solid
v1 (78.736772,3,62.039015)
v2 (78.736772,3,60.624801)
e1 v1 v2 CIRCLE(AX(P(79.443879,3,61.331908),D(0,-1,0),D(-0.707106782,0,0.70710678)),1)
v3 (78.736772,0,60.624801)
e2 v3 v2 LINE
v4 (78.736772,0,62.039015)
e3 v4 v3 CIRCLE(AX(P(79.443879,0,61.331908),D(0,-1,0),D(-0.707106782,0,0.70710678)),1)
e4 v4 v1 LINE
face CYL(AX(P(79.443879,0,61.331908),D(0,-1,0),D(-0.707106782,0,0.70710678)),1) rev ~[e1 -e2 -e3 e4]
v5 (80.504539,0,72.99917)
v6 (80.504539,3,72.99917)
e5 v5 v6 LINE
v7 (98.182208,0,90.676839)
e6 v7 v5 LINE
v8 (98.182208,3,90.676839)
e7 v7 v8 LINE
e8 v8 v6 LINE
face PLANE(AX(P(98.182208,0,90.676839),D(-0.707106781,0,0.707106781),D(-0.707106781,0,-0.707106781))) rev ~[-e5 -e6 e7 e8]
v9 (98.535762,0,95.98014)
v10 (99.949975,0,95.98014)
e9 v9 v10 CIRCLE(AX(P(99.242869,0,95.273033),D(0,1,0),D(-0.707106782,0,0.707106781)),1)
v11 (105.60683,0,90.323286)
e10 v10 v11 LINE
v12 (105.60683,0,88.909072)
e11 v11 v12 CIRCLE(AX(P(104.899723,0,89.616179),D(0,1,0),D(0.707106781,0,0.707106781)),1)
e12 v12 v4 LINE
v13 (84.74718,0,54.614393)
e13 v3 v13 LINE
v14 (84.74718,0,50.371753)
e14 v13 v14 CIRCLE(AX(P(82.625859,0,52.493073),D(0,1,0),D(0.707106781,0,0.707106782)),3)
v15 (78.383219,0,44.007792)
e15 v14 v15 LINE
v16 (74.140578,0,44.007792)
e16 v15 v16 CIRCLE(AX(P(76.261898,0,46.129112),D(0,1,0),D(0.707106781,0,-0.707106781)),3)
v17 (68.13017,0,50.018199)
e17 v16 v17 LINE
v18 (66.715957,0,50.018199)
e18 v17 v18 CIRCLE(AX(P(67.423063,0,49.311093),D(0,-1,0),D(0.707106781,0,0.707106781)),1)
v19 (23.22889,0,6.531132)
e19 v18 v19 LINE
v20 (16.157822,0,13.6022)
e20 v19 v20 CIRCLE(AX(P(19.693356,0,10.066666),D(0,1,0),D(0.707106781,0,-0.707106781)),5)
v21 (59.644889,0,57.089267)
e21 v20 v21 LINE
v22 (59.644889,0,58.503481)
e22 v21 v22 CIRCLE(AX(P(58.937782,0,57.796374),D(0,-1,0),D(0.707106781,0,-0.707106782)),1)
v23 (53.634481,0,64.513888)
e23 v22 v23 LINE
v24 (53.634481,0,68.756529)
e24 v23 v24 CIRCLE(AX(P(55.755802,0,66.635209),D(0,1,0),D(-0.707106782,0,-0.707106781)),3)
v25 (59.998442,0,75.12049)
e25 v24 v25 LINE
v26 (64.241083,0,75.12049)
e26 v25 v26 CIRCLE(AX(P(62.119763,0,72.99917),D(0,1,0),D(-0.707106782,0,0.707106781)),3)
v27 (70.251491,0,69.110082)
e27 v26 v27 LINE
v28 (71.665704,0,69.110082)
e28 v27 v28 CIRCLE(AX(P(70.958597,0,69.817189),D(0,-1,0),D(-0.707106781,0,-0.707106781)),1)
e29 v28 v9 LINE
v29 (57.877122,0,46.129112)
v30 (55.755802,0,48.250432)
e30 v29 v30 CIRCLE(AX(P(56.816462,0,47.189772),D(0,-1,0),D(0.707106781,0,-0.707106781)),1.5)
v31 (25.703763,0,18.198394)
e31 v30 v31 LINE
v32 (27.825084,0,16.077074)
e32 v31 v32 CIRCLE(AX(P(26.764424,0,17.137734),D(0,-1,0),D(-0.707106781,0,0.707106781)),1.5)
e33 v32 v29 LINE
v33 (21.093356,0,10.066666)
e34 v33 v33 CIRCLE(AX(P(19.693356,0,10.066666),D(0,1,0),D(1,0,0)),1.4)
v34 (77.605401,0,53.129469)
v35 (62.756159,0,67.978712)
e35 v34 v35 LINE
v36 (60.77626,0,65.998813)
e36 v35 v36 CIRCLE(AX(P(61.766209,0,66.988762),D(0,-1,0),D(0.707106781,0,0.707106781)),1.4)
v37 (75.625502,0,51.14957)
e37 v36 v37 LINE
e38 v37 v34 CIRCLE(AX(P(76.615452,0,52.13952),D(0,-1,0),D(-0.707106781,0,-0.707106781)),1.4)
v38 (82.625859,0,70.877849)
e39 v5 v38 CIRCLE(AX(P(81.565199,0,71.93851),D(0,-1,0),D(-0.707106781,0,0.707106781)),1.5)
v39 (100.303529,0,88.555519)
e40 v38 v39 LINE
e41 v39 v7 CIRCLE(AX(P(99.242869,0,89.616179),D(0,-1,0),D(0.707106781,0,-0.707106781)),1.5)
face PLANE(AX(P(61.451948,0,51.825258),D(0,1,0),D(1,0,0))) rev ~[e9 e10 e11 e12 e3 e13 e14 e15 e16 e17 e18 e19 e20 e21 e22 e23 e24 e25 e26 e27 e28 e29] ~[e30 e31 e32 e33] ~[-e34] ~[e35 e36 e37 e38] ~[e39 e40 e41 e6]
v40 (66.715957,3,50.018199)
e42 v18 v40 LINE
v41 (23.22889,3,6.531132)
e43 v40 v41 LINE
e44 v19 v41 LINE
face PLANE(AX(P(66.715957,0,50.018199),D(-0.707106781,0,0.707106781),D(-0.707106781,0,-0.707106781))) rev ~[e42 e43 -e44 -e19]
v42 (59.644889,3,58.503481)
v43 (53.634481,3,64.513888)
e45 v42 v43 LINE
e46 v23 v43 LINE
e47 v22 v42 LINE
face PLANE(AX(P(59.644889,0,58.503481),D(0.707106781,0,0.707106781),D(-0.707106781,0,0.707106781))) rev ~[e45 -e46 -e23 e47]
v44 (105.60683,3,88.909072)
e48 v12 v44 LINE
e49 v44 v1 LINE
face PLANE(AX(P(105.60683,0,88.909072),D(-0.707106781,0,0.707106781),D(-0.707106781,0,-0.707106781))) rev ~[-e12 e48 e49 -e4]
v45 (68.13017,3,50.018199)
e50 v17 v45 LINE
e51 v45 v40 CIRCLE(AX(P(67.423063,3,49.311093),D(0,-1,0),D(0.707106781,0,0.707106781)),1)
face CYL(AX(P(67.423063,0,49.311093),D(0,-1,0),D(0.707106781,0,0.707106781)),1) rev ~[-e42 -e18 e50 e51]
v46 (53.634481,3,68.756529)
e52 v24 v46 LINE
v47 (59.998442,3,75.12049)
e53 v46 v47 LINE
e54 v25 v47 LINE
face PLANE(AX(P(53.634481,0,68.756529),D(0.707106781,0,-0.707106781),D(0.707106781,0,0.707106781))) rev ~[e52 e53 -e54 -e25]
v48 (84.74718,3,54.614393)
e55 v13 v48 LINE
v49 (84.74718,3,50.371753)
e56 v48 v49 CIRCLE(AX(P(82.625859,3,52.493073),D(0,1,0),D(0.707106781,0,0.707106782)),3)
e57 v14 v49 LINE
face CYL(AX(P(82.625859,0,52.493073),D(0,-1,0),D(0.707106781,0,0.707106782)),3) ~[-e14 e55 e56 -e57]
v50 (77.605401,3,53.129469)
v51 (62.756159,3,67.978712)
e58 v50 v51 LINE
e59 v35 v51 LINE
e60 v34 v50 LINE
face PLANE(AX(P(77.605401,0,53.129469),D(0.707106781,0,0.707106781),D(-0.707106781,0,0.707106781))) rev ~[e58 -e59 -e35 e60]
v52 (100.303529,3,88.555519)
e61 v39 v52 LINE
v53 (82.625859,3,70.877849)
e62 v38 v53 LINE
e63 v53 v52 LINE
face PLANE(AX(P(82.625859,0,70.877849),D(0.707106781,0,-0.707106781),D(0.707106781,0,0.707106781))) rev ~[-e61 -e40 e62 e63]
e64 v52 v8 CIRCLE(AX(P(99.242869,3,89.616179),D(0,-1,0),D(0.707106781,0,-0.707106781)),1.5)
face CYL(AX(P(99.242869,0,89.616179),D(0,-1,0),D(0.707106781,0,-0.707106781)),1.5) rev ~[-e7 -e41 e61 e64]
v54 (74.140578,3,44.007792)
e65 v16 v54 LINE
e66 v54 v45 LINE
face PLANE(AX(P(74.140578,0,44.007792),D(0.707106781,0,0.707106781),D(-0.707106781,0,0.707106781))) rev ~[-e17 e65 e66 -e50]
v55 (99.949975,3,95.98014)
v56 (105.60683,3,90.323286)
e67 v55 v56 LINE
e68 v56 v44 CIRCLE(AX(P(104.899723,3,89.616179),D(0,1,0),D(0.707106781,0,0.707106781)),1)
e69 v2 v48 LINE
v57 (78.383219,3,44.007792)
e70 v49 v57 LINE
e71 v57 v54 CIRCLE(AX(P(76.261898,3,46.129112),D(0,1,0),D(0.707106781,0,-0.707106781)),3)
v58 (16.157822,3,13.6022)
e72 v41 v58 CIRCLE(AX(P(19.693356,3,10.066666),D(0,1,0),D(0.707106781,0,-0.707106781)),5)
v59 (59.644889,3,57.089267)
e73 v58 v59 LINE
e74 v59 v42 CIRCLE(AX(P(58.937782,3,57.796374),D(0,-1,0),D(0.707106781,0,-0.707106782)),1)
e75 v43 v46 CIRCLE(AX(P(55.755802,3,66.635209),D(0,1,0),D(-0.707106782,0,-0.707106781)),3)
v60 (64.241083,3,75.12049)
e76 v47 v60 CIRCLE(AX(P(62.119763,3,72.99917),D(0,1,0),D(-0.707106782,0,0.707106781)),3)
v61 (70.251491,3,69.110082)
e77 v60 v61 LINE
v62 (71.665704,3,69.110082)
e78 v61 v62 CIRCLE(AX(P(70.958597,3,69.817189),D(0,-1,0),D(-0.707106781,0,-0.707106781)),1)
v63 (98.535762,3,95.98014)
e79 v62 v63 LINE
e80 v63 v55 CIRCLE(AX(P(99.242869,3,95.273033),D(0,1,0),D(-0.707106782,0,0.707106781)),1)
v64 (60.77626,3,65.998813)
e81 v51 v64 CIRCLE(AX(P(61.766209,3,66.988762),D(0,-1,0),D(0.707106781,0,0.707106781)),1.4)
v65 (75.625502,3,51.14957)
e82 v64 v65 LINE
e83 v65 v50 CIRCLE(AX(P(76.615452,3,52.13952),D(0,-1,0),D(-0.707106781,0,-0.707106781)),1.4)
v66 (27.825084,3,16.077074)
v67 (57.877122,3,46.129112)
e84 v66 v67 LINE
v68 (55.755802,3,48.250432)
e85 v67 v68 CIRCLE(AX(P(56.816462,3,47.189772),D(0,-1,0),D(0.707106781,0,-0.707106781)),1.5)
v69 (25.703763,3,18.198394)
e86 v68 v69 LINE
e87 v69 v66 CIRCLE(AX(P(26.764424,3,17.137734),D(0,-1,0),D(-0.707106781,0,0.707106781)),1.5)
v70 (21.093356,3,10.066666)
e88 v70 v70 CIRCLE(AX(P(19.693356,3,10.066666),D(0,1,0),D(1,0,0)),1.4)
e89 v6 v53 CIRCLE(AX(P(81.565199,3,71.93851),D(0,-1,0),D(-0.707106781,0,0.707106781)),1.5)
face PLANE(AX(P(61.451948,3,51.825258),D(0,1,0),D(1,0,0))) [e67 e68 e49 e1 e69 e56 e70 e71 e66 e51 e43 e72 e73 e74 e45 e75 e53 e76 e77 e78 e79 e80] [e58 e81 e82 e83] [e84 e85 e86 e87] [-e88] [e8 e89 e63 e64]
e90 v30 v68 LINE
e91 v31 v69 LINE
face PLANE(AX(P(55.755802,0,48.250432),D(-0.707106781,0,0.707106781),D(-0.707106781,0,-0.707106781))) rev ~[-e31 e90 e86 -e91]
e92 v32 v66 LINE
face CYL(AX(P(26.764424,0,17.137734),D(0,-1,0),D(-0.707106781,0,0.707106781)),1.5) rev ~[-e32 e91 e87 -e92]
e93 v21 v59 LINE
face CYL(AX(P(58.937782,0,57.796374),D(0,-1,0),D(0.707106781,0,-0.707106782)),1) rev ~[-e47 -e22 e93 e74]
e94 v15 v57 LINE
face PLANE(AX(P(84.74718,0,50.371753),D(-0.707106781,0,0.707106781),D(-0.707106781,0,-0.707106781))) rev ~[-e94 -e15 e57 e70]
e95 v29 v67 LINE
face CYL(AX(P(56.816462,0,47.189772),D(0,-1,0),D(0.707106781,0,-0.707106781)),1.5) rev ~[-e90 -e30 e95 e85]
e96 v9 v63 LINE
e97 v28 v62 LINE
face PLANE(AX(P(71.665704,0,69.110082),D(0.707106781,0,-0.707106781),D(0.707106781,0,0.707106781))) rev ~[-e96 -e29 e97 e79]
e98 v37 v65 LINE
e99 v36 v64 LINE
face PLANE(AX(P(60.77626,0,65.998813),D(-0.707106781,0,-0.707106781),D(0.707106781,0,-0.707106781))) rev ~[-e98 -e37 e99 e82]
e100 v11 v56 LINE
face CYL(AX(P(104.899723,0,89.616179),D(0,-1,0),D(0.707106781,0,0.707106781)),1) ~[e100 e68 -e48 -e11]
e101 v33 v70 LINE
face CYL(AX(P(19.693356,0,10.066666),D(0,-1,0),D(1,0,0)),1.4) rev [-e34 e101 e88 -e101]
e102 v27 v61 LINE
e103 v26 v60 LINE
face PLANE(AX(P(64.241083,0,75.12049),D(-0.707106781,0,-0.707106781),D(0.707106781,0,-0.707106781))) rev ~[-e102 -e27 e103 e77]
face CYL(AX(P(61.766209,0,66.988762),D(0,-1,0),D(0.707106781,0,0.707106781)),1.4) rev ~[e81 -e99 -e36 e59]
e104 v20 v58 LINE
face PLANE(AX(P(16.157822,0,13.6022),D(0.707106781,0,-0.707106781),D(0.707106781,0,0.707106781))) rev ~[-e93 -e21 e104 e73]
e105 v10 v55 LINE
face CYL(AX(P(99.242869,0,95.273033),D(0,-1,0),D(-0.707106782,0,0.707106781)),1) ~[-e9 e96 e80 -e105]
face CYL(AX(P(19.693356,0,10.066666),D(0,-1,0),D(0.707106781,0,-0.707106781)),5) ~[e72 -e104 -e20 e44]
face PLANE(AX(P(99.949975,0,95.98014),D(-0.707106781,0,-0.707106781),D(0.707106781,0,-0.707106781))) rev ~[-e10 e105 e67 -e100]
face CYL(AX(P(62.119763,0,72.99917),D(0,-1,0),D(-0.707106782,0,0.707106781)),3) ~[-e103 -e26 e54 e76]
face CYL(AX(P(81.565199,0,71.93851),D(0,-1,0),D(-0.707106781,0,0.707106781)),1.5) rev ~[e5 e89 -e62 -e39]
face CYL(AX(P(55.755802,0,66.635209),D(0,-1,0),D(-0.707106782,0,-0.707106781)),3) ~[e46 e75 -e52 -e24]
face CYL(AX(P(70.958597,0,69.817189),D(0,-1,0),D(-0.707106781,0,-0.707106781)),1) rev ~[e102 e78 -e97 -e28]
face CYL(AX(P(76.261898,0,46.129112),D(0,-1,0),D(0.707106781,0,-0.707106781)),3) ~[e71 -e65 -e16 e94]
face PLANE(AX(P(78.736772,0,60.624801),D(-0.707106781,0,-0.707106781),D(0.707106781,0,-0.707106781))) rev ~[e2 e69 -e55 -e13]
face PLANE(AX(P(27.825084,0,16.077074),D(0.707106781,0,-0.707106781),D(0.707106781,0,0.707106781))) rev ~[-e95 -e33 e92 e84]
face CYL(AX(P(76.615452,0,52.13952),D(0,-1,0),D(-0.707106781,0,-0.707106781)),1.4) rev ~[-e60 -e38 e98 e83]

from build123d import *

# Parameters (mm, degrees)
SKETCH1_R           = 1.4
BOSS_EXTRUDE1_DEPTH = 3


with BuildPart() as part:
    # Sketch1 → Boss-Extrude1 (new body)
    with BuildSketch(Plane(origin=(0, 0, 0), x_dir=(1, 0, 0), z_dir=(0, 1, 0))):
        with BuildLine():
            Line((66.715956662, -50.018199395), (23.228889619, -6.531132352))
            ThreePointArc((23.228889619, -6.531132352), (16.157821807, -6.531132352), (16.157821807, -13.602200164))
            Line((16.157821807, -13.602200164), (59.64488885, -57.089267207))
            ThreePointArc((59.64488885, -57.089267207), (59.937782069, -57.796373988), (59.64488885, -58.503480769))
            Line((59.64488885, -58.503480769), (53.63448121, -64.513888409))
            ThreePointArc((53.63448121, -64.513888409), (52.755801554, -66.635208753), (53.63448121, -68.756529097))
            Line((53.63448121, -68.756529097), (59.998442241, -75.120490127))
            ThreePointArc((59.998442241, -75.120490127), (62.119762584, -75.999169784), (64.241082928, -75.120490127))
            Line((64.241082928, -75.120490127), (70.251490568, -69.110082487))
            ThreePointArc((70.251490568, -69.110082487), (70.958597349, -68.817189268), (71.665704131, -69.110082487))
            Line((71.665704131, -69.110082487), (98.535761816, -95.980140172))
            ThreePointArc((98.535761816, -95.980140172), (99.242868597, -96.273033391), (99.949975378, -95.980140172))
            Line((99.949975378, -95.980140172), (105.606829627, -90.323285923))
            ThreePointArc((105.606829627, -90.323285923), (105.899722846, -89.616179142), (105.606829627, -88.90907236))
            Line((105.606829627, -88.90907236), (78.736771942, -62.039014675))
            ThreePointArc((78.736771942, -62.039014675), (78.443878724, -61.331907894), (78.736771942, -60.624801113))
            Line((78.736771942, -60.624801113), (84.747179582, -54.614393473))
            ThreePointArc((84.747179582, -54.614393473), (85.625859239, -52.493073129), (84.747179582, -50.371752786))
            Line((84.747179582, -50.371752786), (78.383218552, -44.007791755))
            ThreePointArc((78.383218552, -44.007791755), (76.261898208, -43.129112099), (74.140577865, -44.007791755))
            Line((74.140577865, -44.007791755), (68.130170225, -50.018199395))
            ThreePointArc((68.130170225, -50.018199395), (67.423063443, -50.311092614), (66.715956662, -50.018199395))
        make_face()
        with Locations((19.693355713, -10.066666258)):
            Circle(SKETCH1_R, mode=Mode.SUBTRACT)
        with BuildLine():
            Line((82.625859239, -70.87784944), (100.303528769, -88.55551897))
            ThreePointArc((100.303528769, -88.55551897), (100.303528769, -90.676839313), (98.182208425, -90.676839313))
            Line((98.182208425, -90.676839313), (80.504538895, -72.999169784))
            ThreePointArc((80.504538895, -72.999169784), (80.504538895, -70.87784944), (82.625859239, -70.87784944))
        make_face(mode=Mode.SUBTRACT)
        with BuildLine():
            Line((60.7762597, -65.99881265), (75.625502105, -51.149570245))
            ThreePointArc((75.625502105, -51.149570245), (77.605401092, -51.149570245), (77.605401092, -53.129469232))
            Line((77.605401092, -53.129469232), (62.756158688, -67.978711637))
            ThreePointArc((62.756158688, -67.978711637), (60.7762597, -67.978711637), (60.7762597, -65.99881265))
        make_face(mode=Mode.SUBTRACT)
        with BuildLine():
            Line((27.825083697, -16.077073898), (57.877121897, -46.129112099))
            ThreePointArc((57.877121897, -46.129112099), (57.877121897, -48.250432442), (55.755801554, -48.250432442))
            Line((55.755801554, -48.250432442), (25.703763353, -18.198394242))
            ThreePointArc((25.703763353, -18.198394242), (25.703763353, -16.077073898), (27.825083697, -16.077073898))
        make_face(mode=Mode.SUBTRACT)
    extrude(amount=BOSS_EXTRUDE1_DEPTH)


solid = part.part
